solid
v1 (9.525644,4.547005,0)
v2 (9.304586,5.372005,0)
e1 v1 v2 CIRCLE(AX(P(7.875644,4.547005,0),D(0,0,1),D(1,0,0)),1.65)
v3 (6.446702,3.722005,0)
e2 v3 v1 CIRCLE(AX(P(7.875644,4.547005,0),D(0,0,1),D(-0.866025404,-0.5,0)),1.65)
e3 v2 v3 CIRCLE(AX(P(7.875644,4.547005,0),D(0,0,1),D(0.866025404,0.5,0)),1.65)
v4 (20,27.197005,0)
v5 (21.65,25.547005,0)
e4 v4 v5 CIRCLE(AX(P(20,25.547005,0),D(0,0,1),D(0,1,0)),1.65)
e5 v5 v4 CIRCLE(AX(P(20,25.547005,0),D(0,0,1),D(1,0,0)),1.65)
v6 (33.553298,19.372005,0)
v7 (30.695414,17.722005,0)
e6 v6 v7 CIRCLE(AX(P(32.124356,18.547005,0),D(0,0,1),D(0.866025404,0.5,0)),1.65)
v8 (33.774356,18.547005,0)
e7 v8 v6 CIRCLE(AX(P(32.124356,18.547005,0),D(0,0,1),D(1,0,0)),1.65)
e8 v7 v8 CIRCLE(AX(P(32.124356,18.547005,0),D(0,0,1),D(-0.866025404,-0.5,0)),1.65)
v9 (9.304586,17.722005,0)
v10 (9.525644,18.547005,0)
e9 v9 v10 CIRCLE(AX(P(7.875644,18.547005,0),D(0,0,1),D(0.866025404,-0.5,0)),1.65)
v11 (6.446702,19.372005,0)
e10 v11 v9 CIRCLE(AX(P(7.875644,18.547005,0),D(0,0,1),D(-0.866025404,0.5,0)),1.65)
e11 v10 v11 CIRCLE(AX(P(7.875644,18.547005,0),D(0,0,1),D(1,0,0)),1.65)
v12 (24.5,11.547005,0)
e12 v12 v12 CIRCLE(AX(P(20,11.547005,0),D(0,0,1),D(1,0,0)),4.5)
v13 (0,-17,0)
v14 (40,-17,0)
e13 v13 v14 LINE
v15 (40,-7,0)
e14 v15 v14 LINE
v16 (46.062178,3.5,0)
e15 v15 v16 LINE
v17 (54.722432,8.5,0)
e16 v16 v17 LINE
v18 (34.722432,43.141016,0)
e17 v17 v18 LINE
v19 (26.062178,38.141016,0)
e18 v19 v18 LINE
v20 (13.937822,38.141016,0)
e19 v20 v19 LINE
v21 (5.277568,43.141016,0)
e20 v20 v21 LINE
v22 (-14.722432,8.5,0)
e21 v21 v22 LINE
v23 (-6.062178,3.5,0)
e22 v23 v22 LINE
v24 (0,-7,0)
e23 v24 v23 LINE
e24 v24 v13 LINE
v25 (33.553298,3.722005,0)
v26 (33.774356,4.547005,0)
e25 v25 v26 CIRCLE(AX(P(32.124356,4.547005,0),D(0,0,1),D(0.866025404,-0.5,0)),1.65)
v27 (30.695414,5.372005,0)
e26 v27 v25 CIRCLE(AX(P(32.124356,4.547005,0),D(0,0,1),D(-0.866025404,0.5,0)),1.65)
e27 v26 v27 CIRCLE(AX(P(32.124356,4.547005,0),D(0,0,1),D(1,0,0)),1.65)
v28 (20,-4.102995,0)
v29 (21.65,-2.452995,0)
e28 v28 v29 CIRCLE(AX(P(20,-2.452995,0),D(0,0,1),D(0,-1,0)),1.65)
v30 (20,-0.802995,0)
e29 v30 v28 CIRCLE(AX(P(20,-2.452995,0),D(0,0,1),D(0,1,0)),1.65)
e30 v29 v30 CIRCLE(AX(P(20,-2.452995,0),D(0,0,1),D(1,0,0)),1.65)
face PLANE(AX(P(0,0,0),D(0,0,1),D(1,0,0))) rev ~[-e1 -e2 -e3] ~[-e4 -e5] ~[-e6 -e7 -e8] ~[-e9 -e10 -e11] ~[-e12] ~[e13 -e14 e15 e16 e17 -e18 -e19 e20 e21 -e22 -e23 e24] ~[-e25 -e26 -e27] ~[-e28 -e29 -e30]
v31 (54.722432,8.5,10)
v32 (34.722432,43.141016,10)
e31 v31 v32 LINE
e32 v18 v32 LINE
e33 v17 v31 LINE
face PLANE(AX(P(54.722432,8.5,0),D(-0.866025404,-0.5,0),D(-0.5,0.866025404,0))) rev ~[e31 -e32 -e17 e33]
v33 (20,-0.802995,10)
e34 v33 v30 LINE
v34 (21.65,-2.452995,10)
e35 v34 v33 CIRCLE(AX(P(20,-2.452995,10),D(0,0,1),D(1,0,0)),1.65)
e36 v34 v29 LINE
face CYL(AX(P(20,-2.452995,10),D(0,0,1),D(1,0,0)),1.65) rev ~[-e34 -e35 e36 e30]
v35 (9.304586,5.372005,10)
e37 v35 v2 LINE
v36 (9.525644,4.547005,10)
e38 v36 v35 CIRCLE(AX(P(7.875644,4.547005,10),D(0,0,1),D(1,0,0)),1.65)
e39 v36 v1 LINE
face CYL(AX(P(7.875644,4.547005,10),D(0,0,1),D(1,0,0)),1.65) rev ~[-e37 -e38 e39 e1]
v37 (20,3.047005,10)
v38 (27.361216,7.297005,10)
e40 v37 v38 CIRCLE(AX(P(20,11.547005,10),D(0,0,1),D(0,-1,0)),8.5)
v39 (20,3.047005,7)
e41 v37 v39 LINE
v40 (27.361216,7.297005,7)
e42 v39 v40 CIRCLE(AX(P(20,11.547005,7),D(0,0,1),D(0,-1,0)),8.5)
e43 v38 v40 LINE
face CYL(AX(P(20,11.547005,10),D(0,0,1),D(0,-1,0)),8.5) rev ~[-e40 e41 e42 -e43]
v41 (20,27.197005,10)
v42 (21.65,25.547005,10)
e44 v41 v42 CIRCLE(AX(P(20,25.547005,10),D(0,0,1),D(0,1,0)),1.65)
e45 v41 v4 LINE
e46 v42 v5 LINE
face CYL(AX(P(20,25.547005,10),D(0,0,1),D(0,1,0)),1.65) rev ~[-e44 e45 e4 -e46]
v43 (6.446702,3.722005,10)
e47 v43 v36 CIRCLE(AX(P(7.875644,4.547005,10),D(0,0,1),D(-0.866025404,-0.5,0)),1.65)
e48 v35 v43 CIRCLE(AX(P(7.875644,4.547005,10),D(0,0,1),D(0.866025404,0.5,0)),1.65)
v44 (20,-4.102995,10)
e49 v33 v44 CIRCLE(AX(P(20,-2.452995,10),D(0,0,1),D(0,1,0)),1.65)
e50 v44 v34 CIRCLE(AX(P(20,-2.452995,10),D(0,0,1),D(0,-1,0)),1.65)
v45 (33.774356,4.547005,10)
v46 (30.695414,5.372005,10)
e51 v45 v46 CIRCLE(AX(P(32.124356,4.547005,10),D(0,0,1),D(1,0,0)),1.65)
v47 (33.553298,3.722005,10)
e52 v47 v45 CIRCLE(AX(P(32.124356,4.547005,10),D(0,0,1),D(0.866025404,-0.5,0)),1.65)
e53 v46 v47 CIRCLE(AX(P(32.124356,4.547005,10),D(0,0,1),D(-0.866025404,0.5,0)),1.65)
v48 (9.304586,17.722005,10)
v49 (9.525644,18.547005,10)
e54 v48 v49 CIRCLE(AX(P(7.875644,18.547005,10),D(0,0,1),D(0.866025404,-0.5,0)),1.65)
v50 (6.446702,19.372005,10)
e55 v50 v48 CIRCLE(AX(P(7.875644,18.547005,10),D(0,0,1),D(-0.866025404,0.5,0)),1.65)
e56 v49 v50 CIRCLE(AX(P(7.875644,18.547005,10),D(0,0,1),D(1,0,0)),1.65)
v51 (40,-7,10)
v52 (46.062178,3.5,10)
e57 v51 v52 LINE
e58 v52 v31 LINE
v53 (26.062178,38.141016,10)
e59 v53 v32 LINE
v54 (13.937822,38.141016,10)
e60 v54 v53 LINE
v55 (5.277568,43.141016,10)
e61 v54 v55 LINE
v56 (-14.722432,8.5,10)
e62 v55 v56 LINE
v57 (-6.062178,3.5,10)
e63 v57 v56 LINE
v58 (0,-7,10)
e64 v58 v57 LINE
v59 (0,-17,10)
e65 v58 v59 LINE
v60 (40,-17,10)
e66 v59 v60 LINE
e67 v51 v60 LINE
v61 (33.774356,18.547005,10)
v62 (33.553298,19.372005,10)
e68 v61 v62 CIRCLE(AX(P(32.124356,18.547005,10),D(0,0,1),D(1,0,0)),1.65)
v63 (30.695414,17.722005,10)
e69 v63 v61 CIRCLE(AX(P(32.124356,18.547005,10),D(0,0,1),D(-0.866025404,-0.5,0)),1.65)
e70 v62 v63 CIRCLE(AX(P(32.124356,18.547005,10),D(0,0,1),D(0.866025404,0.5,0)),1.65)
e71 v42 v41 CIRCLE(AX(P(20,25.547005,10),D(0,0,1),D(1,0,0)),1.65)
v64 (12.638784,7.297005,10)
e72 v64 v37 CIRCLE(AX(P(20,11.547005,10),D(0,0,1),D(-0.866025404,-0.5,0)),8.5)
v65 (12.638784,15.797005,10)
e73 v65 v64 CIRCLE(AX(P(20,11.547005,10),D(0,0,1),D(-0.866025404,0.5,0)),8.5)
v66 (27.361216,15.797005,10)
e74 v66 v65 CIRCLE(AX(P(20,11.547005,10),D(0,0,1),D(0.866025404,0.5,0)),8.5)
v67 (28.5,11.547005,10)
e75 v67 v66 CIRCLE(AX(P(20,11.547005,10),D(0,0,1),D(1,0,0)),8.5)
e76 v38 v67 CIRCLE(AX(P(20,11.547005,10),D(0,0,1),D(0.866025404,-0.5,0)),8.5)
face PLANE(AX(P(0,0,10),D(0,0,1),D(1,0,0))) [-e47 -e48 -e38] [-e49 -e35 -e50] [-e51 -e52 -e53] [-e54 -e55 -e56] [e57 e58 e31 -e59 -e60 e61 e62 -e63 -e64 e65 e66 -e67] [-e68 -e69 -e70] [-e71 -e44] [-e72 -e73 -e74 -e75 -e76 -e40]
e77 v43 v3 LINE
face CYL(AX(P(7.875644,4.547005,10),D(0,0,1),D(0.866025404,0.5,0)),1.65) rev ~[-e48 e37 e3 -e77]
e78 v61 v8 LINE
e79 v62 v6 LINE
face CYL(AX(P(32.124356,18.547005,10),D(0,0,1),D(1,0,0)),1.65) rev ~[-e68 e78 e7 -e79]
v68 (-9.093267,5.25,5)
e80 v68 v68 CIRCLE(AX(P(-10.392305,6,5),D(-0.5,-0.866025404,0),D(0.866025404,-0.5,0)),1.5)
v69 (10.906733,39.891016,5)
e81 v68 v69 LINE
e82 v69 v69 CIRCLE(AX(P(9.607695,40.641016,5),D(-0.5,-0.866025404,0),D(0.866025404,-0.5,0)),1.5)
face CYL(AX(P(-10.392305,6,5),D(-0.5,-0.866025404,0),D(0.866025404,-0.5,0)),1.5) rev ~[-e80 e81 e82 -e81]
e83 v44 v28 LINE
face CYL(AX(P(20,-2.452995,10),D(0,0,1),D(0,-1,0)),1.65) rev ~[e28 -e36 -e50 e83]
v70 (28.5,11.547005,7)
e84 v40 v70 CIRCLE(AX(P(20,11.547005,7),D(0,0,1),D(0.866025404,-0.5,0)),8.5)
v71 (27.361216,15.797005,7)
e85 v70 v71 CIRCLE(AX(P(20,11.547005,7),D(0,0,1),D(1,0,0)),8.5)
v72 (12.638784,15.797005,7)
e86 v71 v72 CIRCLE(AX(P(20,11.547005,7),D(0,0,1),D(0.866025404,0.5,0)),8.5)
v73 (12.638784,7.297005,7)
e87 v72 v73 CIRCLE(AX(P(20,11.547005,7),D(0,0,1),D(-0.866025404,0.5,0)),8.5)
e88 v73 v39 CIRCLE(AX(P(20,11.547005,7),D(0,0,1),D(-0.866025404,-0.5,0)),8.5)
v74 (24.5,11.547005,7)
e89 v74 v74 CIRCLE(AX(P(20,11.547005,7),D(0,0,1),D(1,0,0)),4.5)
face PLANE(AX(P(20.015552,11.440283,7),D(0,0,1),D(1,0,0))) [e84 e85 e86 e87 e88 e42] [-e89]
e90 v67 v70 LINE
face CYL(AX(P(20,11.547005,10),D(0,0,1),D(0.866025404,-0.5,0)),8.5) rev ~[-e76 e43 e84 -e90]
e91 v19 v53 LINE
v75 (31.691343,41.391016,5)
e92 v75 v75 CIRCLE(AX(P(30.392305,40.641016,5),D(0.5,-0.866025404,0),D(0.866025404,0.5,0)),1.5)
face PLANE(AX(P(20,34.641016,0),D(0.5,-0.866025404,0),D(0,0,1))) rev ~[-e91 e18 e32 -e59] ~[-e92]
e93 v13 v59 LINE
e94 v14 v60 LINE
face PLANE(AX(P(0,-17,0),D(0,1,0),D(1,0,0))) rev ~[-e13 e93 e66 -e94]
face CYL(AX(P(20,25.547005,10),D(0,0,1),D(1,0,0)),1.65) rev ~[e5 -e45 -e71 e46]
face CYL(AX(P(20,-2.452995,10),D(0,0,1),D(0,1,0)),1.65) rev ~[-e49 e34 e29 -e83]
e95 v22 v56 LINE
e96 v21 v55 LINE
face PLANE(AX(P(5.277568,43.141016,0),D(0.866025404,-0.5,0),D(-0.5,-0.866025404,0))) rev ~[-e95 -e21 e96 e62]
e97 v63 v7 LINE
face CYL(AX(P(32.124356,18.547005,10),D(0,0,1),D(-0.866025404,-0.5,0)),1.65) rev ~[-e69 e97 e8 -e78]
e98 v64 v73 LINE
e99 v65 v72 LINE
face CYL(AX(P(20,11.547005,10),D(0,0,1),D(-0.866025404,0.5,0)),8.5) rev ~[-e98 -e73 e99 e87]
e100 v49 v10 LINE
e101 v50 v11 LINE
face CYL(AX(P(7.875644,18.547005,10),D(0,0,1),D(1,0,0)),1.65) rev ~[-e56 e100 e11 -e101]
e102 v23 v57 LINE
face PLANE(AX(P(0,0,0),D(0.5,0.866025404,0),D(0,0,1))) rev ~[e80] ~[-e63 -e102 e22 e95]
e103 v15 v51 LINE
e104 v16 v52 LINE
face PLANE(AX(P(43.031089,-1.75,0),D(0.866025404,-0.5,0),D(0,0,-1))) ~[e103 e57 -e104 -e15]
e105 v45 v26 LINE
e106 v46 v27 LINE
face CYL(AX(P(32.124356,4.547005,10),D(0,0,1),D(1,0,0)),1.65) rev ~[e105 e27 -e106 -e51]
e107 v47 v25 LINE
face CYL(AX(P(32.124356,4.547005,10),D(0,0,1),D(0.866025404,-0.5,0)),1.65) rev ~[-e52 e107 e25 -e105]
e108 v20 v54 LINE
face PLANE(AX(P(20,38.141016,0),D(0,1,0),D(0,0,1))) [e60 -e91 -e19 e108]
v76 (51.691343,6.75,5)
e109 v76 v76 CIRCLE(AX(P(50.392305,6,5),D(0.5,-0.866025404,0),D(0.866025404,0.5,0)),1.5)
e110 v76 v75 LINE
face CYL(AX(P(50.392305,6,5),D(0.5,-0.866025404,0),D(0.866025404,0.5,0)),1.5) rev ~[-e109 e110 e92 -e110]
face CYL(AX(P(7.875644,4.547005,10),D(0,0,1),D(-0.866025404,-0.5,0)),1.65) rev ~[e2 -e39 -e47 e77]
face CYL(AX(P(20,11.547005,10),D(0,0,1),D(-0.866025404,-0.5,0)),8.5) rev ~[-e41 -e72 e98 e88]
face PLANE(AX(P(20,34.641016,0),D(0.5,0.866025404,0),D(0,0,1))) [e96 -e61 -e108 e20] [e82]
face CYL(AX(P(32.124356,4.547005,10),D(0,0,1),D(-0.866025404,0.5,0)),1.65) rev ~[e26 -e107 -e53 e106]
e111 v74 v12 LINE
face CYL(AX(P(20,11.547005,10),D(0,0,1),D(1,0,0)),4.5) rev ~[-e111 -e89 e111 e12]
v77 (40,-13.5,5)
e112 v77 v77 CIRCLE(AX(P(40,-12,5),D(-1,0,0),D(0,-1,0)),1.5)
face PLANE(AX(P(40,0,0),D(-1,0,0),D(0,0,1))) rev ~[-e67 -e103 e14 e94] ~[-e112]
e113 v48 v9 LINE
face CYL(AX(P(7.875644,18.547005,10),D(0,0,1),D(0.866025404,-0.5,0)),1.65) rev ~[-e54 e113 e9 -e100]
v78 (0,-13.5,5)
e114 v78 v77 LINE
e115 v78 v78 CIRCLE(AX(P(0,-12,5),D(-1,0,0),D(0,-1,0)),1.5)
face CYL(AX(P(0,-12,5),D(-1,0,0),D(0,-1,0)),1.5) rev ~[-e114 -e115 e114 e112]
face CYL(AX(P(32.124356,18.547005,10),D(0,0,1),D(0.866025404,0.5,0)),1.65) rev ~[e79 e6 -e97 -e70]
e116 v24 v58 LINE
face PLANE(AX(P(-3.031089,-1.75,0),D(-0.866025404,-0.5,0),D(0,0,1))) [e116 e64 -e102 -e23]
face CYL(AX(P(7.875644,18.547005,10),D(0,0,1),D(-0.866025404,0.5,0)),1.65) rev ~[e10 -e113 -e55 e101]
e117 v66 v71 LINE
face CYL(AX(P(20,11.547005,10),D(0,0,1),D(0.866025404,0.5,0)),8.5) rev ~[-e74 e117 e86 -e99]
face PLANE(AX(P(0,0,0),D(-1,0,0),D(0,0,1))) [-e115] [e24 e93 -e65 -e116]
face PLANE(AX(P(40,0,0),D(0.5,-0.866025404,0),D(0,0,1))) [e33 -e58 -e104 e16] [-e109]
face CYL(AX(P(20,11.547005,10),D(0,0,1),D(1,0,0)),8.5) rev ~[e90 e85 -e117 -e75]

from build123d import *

# Parameters (mm, degrees)
F1_DEPTH  = 10
F2_DEPTH  = 17
F3_DEPTH  = 17
F4_DEPTH  = 17
F5_R      = 4.5
F6_DEPTH  = 25
F7_DEPTH  = 3
F8_SIZE   = 7
F9_R      = 1.5
F10_DEPTH = 45.3
F11_R     = 1.5
F12_DEPTH = 40
F13_R     = 1.5
F14_DEPTH = 40


with BuildPart() as f1:
    # F0 (on Top) → F1 (new body)
    with BuildSketch(Plane.XY):
        Polygon((20, 34.6410161514), (0, 0), (40, 0), align=None)
    extrude(amount=F1_DEPTH)

    # F2 (add): a face of the model
    f2_faces = [f1.faces().sort_by_distance(p)[0] for p in [
        (10, 17.3205080757, 5),
    ]]
    extrude(f2_faces, amount=F2_DEPTH)

    # F3 (add): a face of the model
    f3_faces = [f1.faces().sort_by_distance(p)[0] for p in [
        (30, 17.3205080757, 5),
    ]]
    extrude(f3_faces, amount=F3_DEPTH)

    # F4 (add): a face of the model
    f4_faces = [f1.faces().sort_by_distance(p)[0] for p in [
        (20, 0, 5),
    ]]
    extrude(f4_faces, amount=F4_DEPTH)

    # F5 (on face) → F6 (cut)
    with BuildSketch(Plane.XY.offset(10)):
        with BuildLine():
            ThreePointArc((9.525644347, 18.5470053838), (8.3026957714, 20.1407829972), (6.4467024308, 19.3720053838))
            ThreePointArc((6.4467024308, 19.3720053838), (7.050644347, 17.1180634675), (9.3045862633, 17.7220053838))
            ThreePointArc((9.3045862633, 17.7220053838), (9.4694219604, 18.1199539594), (9.525644347, 18.5470053838))
        make_face()
        with BuildLine():
            ThreePointArc((21.65, 25.5470053838), (21.166726189, 26.7137315728), (20, 27.1970053838))
            ThreePointArc((20, 27.1970053838), (18.833273811, 24.3802791948), (21.65, 25.5470053838))
        make_face()
        with BuildLine():
            ThreePointArc((33.774355653, 18.5470053838), (33.7181332664, 18.9740568082), (33.5532975692, 19.3720053838))
            ThreePointArc((33.5532975692, 19.3720053838), (31.299355653, 19.9759473), (30.6954137367, 17.7220053838))
            ThreePointArc((30.6954137367, 17.7220053838), (32.5514070774, 16.9532277704), (33.774355653, 18.5470053838))
        make_face()
        with BuildLine():
            ThreePointArc((30.6954137367, 5.3720053838), (31.299355653, 3.1180634675), (33.5532975692, 3.7220053838))
            ThreePointArc((33.5532975692, 3.7220053838), (33.7181332664, 4.1199539594), (33.774355653, 4.5470053838))
            ThreePointArc((33.774355653, 4.5470053838), (32.5514070774, 6.1407829972), (30.6954137367, 5.3720053838))
        make_face()
        with BuildLine():
            ThreePointArc((20, -0.8029946162), (18.35, -2.4529946162), (20, -4.1029946162))
            ThreePointArc((20, -4.1029946162), (21.166726189, -3.6197208052), (21.65, -2.4529946162))
            ThreePointArc((21.65, -2.4529946162), (21.166726189, -1.2862684272), (20, -0.8029946162))
        make_face()
        with BuildLine():
            ThreePointArc((9.3045862633, 5.3720053838), (7.050644347, 5.9759473), (6.4467024308, 3.7220053838))
            ThreePointArc((6.4467024308, 3.7220053838), (8.3026957714, 2.9532277704), (9.525644347, 4.5470053838))
            ThreePointArc((9.525644347, 4.5470053838), (9.4694219604, 4.9740568082), (9.3045862633, 5.3720053838))
        make_face()
        with Locations((20, 11.5470053838)):
            Circle(F5_R)
    extrude(amount=-F6_DEPTH, mode=Mode.SUBTRACT)

    # F5 (on face) → F7 (cut)
    with BuildSketch(Plane.XY.offset(10)):
        with BuildLine():
            ThreePointArc((28.5, 11.5470053838), (28.2103695235, 13.7469672672), (27.3612159322, 15.7970053838))
            ThreePointArc((27.3612159322, 15.7970053838), (20, 20.0470053838), (12.6387840678, 15.7970053838))
            ThreePointArc((12.6387840678, 15.7970053838), (11.5, 11.5470053838), (12.6387840678, 7.2970053838))
            ThreePointArc((12.6387840678, 7.2970053838), (15.75, 4.1857894516), (20, 3.0470053838))
            ThreePointArc((20, 3.0470053838), (24.25, 4.1857894516), (27.3612159322, 7.2970053838))
            ThreePointArc((27.3612159322, 7.2970053838), (28.2103695235, 9.3470435004), (28.5, 11.5470053838))
        make_face()
        with Locations((20, 11.5470053838)):
            Circle(F5_R, mode=Mode.SUBTRACT)
    extrude(amount=-F7_DEPTH, mode=Mode.SUBTRACT)

    # F8
    f8_edges = [f1.edges().sort_by_distance(p)[0] for p in [
        (0, 0, 5),
        (40, 0, 5),
        (20, 34.641016, 5),
    ]]
    chamfer(f8_edges, length=F8_SIZE)

    # F9 (on face) → F10 (cut)
    with BuildSketch(Plane(origin=(0, 0, 0), x_dir=(0.8660254038, -0.5, 0), z_dir=(-0.5, -0.8660254038, 0))):
        with Locations((-12, 5)):
            Circle(F9_R)
    extrude(amount=-F10_DEPTH, mode=Mode.SUBTRACT)

    # F11 (on face) → F12 (cut)
    with BuildSketch(Plane(origin=(0, 0, 0), x_dir=(0, -1, 0), z_dir=(-1, 0, 0))):
        with Locations((12, 5)):
            Circle(F11_R)
    extrude(amount=-F12_DEPTH, mode=Mode.SUBTRACT)

    # F13 (on face) → F14 (cut)
    with BuildSketch(Plane(origin=(10, -17.3205080757, 0), x_dir=(0.8660254038, 0.5, 0), z_dir=(0.5, -0.8660254038, 0))):
        with Locations((46.6410161514, 5)):
            Circle(F13_R)
    extrude(amount=-F14_DEPTH, mode=Mode.SUBTRACT)


solid = f1.part
